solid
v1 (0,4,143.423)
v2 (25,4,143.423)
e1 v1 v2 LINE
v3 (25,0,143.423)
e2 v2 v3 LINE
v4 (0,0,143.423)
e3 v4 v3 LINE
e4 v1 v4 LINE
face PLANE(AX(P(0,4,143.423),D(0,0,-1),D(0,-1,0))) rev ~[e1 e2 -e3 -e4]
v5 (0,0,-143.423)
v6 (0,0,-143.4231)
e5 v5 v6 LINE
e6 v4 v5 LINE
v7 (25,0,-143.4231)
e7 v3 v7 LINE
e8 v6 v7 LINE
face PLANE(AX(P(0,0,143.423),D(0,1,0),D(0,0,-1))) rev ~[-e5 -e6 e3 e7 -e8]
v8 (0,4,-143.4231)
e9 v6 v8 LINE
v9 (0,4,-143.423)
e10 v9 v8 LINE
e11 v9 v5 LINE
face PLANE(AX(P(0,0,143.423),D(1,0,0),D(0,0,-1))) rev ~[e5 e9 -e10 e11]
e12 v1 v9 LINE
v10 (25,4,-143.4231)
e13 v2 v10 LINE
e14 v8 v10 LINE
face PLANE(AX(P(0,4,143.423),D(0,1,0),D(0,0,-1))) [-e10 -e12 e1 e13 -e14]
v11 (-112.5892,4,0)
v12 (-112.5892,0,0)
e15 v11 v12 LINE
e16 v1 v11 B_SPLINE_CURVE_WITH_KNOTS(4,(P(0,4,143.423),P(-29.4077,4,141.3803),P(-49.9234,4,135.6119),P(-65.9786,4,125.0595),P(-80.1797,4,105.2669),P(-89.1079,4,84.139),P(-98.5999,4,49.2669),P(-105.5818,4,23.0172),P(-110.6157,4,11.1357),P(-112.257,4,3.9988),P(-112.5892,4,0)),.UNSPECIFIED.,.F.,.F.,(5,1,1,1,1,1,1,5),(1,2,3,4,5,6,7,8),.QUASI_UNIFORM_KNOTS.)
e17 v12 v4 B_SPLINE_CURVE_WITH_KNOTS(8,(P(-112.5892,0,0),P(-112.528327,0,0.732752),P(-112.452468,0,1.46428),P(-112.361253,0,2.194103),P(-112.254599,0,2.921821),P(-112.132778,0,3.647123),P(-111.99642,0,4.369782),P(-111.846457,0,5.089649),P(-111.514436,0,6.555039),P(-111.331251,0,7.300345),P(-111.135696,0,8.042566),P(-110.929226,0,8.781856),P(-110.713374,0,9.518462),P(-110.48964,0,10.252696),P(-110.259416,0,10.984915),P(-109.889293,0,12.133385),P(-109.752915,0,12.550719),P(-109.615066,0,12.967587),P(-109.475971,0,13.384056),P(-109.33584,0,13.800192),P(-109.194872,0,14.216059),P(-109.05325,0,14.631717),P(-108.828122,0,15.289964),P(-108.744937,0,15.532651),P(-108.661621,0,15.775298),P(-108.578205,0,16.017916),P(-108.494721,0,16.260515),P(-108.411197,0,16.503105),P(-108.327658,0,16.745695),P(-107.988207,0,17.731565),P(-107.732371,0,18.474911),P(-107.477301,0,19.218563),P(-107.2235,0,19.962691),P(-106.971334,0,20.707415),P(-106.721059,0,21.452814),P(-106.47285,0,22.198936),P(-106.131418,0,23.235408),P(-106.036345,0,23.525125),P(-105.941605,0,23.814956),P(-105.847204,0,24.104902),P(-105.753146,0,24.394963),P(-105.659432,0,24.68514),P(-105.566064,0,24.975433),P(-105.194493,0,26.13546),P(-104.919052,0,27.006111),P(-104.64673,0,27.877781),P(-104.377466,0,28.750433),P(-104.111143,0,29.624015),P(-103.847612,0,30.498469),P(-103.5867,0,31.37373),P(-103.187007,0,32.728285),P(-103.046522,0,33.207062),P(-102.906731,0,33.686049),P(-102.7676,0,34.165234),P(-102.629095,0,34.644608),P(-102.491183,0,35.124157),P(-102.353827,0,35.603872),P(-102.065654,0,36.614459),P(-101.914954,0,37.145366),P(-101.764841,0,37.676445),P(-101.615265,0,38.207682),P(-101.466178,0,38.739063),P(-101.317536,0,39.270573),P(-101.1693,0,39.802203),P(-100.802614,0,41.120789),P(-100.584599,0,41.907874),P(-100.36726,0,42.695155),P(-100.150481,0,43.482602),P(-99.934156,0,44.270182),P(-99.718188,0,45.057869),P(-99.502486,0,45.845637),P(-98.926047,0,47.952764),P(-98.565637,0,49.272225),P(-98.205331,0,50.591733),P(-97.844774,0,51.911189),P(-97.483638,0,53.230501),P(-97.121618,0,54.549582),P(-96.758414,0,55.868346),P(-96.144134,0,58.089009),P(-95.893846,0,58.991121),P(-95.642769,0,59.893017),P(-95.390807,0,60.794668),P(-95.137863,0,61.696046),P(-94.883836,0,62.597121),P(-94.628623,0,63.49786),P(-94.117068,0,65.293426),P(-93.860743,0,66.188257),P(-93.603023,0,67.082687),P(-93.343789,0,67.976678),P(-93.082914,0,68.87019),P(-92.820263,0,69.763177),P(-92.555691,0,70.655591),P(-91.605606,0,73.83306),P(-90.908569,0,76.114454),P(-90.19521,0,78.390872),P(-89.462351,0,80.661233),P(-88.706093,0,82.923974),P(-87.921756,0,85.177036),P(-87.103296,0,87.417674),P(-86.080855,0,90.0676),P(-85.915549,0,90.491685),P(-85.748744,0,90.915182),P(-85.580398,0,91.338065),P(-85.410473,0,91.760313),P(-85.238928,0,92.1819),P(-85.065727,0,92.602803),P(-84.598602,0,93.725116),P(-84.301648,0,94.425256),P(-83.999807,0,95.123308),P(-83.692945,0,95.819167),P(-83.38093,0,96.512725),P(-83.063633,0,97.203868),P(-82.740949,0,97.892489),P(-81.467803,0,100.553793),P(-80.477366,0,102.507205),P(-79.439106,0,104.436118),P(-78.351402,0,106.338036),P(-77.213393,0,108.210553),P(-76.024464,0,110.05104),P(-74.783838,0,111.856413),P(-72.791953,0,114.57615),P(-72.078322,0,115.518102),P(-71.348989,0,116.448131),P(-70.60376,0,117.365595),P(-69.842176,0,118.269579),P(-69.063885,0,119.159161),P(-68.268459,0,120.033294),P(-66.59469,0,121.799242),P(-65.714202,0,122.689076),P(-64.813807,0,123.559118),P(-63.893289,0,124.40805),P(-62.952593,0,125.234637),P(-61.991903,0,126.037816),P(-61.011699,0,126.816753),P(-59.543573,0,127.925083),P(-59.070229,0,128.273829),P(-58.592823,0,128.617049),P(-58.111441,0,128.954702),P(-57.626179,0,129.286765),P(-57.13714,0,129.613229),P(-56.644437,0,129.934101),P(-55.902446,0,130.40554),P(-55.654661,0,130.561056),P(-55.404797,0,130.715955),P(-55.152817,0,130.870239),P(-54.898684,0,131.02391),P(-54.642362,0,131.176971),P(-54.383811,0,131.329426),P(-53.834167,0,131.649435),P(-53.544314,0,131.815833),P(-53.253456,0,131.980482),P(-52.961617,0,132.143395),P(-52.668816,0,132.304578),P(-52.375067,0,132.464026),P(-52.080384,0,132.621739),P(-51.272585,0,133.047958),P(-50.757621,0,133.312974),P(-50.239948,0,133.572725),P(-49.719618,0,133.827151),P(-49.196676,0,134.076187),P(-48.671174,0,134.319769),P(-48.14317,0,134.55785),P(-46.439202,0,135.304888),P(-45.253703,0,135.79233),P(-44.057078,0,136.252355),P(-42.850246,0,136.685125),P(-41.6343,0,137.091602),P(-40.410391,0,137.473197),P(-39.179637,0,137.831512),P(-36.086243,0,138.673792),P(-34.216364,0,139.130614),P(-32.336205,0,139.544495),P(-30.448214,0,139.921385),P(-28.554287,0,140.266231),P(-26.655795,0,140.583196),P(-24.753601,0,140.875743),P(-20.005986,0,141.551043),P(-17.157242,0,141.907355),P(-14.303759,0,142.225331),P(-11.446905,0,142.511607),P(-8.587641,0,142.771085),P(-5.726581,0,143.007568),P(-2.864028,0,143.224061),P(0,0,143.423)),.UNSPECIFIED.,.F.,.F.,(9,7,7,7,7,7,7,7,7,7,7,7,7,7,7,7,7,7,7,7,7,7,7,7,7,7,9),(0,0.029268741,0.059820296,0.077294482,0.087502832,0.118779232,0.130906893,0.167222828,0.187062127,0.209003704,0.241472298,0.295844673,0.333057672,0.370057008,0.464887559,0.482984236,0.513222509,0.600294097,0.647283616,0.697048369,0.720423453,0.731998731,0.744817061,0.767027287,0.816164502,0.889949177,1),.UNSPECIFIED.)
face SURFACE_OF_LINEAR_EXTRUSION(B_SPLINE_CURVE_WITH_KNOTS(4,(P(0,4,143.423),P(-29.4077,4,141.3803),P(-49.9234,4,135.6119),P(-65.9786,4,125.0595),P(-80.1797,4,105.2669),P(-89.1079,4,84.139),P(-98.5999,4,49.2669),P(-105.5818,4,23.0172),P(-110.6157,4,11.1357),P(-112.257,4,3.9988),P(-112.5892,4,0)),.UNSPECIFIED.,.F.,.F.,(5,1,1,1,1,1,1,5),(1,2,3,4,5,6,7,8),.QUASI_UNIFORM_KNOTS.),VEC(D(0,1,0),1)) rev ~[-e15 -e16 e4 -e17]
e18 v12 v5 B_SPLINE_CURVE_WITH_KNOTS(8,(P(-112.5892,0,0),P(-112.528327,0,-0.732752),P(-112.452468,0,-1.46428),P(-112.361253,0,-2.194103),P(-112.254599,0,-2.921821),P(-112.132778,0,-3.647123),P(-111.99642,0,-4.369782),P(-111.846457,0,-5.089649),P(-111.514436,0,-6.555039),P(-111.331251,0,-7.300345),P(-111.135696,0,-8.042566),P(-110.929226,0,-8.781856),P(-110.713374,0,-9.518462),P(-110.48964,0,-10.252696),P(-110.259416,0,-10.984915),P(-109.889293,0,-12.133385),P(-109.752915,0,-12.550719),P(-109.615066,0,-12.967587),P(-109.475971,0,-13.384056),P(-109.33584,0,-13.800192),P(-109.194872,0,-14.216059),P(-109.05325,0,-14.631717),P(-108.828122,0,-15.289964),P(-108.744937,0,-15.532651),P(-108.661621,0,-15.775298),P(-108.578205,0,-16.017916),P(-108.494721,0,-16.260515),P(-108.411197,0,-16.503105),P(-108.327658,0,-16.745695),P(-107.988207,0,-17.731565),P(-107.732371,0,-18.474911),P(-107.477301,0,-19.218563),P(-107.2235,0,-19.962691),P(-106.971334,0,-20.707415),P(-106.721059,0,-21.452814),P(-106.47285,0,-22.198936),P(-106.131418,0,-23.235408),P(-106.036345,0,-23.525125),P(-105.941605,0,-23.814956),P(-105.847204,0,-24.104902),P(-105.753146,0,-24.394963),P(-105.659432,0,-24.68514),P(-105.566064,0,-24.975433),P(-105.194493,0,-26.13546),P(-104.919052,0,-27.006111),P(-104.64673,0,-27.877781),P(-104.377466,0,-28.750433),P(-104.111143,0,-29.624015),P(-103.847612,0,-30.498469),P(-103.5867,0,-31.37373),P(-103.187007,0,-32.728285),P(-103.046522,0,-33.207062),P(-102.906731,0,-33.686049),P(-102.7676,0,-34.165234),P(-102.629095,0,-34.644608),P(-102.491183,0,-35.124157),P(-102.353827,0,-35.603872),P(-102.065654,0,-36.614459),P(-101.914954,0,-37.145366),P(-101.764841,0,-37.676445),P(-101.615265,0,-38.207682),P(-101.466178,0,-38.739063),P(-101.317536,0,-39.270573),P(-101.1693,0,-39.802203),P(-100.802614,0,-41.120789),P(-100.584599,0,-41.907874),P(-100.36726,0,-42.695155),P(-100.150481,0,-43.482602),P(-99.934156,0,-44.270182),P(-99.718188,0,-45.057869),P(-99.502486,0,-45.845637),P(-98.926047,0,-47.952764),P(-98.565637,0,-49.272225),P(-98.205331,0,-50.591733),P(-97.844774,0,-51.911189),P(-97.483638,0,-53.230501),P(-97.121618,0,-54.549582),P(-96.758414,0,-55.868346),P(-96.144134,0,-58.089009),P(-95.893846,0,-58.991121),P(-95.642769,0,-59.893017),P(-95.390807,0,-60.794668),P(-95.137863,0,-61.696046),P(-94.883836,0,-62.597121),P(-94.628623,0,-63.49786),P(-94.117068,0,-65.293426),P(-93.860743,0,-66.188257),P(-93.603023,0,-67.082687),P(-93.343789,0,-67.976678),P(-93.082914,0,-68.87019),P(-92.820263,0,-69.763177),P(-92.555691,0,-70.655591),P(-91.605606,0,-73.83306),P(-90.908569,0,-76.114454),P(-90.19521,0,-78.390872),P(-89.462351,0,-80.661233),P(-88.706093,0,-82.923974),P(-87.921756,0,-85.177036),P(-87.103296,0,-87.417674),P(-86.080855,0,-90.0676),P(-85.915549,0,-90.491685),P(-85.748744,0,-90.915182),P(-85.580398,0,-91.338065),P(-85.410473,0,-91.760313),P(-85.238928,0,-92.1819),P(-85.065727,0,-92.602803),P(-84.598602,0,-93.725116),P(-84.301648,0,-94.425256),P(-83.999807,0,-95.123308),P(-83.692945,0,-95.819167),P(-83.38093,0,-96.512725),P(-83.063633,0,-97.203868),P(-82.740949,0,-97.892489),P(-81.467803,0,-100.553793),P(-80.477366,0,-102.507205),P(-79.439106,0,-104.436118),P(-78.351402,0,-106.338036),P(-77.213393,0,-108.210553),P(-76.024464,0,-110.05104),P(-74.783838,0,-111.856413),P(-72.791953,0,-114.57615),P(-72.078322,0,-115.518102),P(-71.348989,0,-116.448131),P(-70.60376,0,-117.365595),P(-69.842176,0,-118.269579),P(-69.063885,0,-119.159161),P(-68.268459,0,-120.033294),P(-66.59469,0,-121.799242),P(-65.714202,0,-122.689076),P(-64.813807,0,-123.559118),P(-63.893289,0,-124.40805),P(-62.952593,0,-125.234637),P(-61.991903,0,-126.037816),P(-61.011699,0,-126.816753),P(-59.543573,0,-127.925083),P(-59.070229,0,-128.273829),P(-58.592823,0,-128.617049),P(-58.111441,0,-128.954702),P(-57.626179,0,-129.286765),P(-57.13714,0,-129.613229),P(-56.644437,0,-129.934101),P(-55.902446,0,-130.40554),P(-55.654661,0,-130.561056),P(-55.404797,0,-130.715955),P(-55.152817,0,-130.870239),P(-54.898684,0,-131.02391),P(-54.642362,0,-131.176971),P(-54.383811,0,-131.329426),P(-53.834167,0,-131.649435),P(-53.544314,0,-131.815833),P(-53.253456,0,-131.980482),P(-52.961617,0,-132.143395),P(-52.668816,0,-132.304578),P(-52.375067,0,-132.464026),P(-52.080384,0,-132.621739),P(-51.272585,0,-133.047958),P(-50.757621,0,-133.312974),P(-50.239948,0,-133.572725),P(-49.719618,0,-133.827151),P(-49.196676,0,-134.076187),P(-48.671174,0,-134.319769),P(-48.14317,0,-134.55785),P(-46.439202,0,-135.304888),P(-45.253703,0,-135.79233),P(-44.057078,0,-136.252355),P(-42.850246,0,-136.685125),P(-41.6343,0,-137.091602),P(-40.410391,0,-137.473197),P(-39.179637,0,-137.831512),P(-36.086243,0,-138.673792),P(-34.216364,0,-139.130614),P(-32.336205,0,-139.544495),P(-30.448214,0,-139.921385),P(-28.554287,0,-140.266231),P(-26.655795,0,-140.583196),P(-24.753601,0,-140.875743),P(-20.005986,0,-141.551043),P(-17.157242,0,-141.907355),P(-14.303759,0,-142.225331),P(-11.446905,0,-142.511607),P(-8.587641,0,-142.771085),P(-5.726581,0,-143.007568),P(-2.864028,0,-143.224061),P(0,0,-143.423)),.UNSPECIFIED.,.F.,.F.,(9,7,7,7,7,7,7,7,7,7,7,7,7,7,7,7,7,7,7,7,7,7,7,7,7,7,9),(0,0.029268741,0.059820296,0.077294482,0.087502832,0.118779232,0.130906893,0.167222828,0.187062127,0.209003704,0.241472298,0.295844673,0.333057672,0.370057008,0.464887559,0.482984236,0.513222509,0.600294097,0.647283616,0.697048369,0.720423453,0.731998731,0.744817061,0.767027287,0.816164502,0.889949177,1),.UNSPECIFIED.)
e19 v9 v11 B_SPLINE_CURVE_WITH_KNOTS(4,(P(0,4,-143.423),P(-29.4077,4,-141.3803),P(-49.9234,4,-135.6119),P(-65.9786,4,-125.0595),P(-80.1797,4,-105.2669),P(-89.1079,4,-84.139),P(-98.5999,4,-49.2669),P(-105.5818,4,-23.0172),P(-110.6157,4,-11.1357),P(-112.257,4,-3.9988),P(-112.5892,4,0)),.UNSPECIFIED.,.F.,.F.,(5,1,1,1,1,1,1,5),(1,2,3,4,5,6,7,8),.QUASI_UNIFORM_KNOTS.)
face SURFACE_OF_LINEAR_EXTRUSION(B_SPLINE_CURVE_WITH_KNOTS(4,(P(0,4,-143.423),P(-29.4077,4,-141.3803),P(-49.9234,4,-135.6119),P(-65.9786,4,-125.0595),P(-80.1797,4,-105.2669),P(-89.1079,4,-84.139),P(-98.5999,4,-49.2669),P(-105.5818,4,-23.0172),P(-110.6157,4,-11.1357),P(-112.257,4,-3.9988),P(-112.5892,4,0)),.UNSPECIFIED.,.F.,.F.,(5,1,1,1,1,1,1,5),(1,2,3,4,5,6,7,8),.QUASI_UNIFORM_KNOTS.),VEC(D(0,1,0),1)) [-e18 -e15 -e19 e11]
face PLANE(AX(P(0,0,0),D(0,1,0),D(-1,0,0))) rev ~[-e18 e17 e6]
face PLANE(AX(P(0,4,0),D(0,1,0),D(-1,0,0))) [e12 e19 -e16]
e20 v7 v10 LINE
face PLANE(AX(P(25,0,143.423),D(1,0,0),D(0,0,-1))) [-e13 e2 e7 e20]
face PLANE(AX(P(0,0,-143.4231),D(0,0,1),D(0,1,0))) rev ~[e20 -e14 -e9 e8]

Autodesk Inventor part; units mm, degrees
ref_plane "YZ Plane" through (0, 0, 0) normal (1, 0, 0) x (0, 1, 0)
ref_plane "XZ Plane" through (0, 0, 0) normal (0, 1, 0) x (-1, 0, 0)
ref_plane "XY Plane" through (0, 0, 0) normal (0, 0, 1) x (1, 0, 0)
sketch "Эскиз1" plane through (0, 0, 0) normal (0, 1, 0) x (-1, 0, 0)
  circle A0 centre (0, 0) radius 165
  line L0 (0, 165) -> (0, -165)
  dimension "d0" = 330
extrude "Выдавливание1" add sketch "Эскиз1" along normal blind 4 contours A0 L0 picked at (44.4959, 32.3282)
sketch "Эскиз2" plane through (0, 4, 0) normal (0, 1, 0) x (1, 0, 0)
  line L0 (0, 0) -> (-113.4659, 0)
  line L1 (0, -165) -> (0, 165) projected
  line L2 (0, -143.423) -> (-29.4077, -141.3803) construction
  line L3 (-29.4077, -141.3803) -> (-49.9234, -135.6119) construction
  line L4 (-49.9234, -135.6119) -> (-65.9786, -125.0595) construction
  line L5 (-65.9786, -125.0595) -> (-80.1797, -105.2669) construction
  line L6 (-80.1797, -105.2669) -> (-89.1079, -84.139) construction
  line L7 (-89.1079, -84.139) -> (-98.5999, -49.2669) construction
  line L8 (-98.5999, -49.2669) -> (-105.5818, -23.0172) construction
  line L9 (-105.5818, -23.0172) -> (-110.6157, -11.1357) construction
  line L10 (-110.6157, -11.1357) -> (-112.257, -3.9988) construction
  line L11 (-112.257, -3.9988) -> (-112.5892, 0) construction
  spline S0 degree 4 poles (0, -143.423) (-29.4077, -141.3803) (-49.9234, -135.6119) (-65.9786, -125.0595) (-80.1797, -105.2669) (-89.1079, -84.139) (-98.5999, -49.2669) (-105.5818, -23.0172) (-110.6157, -11.1357) (-112.257, -3.9988) (-112.5892, 0) knots 1 1 1 1 1 2 3 4 5 6 7 8 8 8 8 8
  line L12 (0, 143.423) -> (-29.4077, 141.3803) construction
  line L13 (-29.4077, 141.3803) -> (-49.9234, 135.6119) construction
  line L14 (-49.9234, 135.6119) -> (-65.9786, 125.0595) construction
  line L15 (-65.9786, 125.0595) -> (-80.1797, 105.2669) construction
  line L16 (-80.1797, 105.2669) -> (-89.1079, 84.139) construction
  line L17 (-89.1079, 84.139) -> (-98.5999, 49.2669) construction
  line L18 (-98.5999, 49.2669) -> (-105.5818, 23.0172) construction
  line L19 (-105.5818, 23.0172) -> (-110.6157, 11.1357) construction
  line L20 (-110.6157, 11.1357) -> (-112.257, 3.9988) construction
  line L21 (-112.257, 3.9988) -> (-112.5892, 0) construction
  spline S1 degree 4 poles (0, 143.423) (-29.4077, 141.3803) (-49.9234, 135.6119) (-65.9786, 125.0595) (-80.1797, 105.2669) (-89.1079, 84.139) (-98.5999, 49.2669) (-105.5818, 23.0172) (-110.6157, 11.1357) (-112.257, 3.9988) (-112.5892, 0) knots 1 1 1 1 1 2 3 4 5 6 7 8 8 8 8 8
  arc A0 (0, 165) -> (0, -165) centre (0, 0) ccw projected
extrude "Выдавливание2" cut sketch "Эскиз2" against normal through all contours S0 L1 A0 S1
sketch "Эскиз3" plane through (0, 0, 143.423) normal (1, 0, 0) x (0, 0, -1)
  line L0 (0, 0) -> (286.8461, 0) projected
  line L1 (0, 4) -> (286.8461, 4) projected
  line L2 (0, 0) -> (286.8461, 0)
  line L3 (286.8461, 0) -> (286.8461, 4)
  line L4 (286.8461, 4) -> (0, 4)
  line L5 (0, 4) -> (0, 0)
  point P0 (143.423, 0)
extrude "Выдавливание3" add sketch "Эскиз3" along normal blind 25
properties part number "платформа_глаза"
